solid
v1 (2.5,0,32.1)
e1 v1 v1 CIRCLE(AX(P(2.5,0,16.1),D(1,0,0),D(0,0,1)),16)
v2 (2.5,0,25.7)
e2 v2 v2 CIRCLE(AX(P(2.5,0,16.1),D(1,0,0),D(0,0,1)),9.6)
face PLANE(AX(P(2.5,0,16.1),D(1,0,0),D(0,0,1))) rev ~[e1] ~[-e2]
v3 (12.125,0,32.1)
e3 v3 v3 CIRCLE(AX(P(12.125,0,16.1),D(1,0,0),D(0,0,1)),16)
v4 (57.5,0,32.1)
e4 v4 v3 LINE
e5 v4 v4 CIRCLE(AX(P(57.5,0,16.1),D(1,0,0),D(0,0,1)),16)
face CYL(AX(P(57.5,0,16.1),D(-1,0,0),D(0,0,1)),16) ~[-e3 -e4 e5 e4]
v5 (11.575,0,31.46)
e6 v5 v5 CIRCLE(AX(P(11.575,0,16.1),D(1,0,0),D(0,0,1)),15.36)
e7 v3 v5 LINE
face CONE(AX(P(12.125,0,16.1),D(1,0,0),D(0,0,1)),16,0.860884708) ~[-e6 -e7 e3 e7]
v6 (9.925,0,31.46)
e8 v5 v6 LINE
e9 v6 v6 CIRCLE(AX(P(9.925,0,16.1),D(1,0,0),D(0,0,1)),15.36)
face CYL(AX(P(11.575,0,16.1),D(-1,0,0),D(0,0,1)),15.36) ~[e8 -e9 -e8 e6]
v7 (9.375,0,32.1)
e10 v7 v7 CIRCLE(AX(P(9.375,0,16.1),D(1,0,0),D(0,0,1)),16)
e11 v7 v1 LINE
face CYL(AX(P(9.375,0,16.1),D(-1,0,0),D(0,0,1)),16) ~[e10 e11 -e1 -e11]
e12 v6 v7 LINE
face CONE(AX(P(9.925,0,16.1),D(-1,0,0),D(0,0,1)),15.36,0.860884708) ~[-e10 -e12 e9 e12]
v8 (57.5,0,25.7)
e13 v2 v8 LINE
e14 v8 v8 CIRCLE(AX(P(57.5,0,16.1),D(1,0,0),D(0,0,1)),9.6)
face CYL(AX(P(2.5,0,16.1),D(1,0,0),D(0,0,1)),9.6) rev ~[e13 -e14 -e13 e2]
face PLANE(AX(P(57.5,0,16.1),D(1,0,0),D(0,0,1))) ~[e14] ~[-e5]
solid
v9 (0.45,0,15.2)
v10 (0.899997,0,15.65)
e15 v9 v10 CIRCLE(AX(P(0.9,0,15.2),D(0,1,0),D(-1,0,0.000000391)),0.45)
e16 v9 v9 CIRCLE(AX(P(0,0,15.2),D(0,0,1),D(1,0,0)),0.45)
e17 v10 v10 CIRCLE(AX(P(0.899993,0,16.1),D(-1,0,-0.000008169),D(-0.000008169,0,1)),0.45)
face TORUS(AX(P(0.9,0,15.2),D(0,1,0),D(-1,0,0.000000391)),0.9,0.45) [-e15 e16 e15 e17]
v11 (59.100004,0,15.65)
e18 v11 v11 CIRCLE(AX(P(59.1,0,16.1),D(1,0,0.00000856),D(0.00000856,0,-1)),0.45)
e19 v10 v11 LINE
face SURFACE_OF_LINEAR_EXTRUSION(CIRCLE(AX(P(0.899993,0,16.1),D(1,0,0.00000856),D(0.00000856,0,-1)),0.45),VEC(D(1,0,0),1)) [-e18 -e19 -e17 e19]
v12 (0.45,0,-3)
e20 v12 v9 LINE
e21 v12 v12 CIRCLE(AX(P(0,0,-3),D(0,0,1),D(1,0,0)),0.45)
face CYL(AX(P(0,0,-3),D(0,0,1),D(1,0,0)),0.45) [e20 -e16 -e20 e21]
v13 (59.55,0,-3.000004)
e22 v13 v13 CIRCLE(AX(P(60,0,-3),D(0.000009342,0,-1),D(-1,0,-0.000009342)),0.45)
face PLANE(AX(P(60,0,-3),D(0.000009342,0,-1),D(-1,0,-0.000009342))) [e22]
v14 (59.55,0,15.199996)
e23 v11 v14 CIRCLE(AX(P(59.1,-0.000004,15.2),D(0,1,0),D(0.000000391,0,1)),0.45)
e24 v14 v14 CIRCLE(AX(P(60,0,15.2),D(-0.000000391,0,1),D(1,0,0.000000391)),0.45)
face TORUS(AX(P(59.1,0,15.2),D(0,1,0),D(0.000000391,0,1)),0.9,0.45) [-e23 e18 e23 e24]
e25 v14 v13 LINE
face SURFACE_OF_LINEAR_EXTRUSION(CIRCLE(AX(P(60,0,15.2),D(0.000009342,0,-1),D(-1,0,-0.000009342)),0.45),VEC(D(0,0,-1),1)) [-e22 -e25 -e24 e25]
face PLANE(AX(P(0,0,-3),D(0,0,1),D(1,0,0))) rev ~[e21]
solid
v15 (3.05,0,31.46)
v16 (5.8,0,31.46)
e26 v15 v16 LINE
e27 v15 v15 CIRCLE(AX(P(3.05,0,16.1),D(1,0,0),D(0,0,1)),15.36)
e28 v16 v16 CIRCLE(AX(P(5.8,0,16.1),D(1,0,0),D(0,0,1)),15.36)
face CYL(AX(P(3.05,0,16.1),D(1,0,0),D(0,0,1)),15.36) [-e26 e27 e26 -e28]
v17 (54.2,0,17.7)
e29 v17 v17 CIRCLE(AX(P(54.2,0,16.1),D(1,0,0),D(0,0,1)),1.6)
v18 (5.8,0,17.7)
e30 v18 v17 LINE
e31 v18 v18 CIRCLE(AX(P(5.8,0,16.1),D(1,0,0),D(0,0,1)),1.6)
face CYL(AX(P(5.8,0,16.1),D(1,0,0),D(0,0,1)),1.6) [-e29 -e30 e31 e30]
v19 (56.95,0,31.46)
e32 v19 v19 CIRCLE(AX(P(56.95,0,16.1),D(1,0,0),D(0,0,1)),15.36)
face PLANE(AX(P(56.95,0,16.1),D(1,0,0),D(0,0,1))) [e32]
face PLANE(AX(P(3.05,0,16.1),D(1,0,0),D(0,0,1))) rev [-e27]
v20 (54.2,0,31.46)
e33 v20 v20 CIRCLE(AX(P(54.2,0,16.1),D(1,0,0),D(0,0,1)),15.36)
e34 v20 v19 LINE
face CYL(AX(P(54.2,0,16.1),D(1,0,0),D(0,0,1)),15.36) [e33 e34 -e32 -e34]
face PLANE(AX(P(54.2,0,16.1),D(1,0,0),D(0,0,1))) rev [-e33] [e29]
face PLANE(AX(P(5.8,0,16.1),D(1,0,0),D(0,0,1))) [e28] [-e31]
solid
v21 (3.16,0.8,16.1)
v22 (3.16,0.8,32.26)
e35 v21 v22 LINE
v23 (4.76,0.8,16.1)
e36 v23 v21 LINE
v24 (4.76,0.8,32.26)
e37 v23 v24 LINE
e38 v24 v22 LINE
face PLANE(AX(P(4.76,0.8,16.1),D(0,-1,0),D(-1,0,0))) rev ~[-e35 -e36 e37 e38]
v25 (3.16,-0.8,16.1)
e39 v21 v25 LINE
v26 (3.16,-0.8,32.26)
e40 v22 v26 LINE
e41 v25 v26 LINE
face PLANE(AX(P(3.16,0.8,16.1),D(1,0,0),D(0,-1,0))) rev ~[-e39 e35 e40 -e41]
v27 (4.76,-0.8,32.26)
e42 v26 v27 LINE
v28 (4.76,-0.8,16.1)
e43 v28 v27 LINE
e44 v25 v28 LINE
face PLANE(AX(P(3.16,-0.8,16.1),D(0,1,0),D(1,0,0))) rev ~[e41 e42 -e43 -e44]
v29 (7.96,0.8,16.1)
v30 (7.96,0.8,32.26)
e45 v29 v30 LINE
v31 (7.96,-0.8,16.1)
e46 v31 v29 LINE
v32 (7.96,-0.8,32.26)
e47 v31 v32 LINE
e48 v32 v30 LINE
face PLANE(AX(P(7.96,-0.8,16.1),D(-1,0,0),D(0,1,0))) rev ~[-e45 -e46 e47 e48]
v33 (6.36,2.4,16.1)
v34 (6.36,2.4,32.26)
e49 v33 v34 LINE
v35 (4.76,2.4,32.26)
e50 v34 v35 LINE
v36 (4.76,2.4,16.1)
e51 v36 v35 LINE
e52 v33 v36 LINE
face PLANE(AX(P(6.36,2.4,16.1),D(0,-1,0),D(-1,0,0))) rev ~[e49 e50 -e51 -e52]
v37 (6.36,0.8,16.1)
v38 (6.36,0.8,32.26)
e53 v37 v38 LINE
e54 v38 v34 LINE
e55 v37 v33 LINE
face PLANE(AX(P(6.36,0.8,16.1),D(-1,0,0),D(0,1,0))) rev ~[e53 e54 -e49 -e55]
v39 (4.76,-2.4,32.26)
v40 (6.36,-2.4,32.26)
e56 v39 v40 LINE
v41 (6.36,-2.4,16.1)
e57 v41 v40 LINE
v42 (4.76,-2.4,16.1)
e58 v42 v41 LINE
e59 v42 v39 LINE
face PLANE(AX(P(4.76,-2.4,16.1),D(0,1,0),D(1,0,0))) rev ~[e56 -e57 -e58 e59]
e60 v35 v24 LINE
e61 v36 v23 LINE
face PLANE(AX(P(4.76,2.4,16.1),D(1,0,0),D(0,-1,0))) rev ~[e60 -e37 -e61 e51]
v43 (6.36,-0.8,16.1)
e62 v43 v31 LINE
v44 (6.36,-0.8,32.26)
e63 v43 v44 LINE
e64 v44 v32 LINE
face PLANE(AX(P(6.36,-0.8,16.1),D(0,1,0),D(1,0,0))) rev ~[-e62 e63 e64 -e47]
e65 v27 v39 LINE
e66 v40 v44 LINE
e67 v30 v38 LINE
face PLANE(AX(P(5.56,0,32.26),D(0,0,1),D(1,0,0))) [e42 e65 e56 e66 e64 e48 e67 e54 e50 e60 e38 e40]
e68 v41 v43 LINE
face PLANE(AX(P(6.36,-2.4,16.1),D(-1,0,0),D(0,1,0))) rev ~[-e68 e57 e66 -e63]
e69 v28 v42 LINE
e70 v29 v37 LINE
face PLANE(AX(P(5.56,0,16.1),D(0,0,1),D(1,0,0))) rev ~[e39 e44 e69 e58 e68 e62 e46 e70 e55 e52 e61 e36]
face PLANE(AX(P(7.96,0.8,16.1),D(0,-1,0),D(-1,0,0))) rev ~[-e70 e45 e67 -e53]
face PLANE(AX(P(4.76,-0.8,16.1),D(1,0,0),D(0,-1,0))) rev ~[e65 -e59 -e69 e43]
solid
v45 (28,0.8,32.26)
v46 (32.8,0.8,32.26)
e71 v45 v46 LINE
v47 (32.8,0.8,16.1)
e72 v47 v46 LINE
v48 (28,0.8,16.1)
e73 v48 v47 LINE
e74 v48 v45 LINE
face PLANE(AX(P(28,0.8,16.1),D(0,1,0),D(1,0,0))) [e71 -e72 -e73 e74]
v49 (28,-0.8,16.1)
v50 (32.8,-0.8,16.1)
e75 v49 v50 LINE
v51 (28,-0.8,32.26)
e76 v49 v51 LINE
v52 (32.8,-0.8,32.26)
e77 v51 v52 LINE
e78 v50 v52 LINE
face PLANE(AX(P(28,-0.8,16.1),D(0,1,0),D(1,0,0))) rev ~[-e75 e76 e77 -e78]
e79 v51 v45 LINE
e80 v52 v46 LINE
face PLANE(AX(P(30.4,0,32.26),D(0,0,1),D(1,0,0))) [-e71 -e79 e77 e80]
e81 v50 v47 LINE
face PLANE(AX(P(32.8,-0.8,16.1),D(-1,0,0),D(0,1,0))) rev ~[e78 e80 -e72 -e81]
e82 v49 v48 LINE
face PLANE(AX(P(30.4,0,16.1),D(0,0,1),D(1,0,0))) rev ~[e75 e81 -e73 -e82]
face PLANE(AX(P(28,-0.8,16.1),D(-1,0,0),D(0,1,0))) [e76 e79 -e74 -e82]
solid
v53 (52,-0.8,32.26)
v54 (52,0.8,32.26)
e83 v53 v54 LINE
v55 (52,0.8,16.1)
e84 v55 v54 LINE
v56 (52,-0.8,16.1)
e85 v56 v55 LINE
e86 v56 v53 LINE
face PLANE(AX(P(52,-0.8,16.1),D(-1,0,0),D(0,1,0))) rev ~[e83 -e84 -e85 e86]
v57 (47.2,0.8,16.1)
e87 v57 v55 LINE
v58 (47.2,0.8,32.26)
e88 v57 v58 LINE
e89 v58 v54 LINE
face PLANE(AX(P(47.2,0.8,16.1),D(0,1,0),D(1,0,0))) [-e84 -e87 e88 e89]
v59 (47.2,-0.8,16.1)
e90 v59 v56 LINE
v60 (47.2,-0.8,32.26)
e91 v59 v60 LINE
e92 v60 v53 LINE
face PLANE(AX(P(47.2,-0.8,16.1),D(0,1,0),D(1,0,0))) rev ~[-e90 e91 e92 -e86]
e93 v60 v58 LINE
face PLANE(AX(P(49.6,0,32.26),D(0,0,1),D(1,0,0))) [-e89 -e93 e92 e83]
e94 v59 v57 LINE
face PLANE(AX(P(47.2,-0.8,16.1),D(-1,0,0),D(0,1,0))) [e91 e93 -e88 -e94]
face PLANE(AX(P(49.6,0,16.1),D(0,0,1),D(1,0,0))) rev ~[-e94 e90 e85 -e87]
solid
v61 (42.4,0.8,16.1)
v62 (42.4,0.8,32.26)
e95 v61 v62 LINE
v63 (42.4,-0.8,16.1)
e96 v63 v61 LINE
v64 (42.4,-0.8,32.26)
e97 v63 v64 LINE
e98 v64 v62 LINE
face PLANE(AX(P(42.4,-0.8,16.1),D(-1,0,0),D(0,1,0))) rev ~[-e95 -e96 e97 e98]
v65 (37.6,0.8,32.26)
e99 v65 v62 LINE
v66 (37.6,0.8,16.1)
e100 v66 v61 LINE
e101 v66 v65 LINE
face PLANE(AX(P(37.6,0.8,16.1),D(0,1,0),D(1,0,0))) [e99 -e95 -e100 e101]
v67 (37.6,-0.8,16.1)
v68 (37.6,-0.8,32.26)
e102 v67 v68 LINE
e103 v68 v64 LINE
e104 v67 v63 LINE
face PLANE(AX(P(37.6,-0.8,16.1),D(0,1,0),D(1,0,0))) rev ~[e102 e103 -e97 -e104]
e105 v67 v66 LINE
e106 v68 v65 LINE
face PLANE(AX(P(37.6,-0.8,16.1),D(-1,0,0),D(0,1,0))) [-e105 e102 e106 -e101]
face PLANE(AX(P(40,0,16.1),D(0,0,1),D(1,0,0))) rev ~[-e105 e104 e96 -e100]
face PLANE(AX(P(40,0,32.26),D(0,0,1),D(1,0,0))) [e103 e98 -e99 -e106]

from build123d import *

# Parameters (mm, degrees)
SKETCH_R    = 0.45
SKETCH004_W = 4.8
SKETCH004_H = 1.6
PAD_DEPTH   = 16.16


with BuildPart() as sweep_body:
    # Sweep: sweep along a path in Sketch001
    with BuildLine(Plane.XZ) as sweep_path:
        Line((0, -3), (0, 15.2))
        ThreePointArc((0, 15.2), (0.263601, 15.836393), (0.899993, 16.1))
        Line((0.899993, 16.1), (59.1, 16.1))
        ThreePointArc((59.1, 16.1), (59.736396, 15.836396), (60, 15.2))
        Line((60, 15.2), (60, -3))
    # Sketch → Sweep (sweep)
    with BuildSketch(Plane.XY.offset(-2)):
        Circle(SKETCH_R)
    sweep(path=sweep_path.line)


with BuildPart() as revolution:
    # Sketch002 → Revolution (revolve)
    with BuildSketch(Plane.XZ):
        Polygon((2.5, 32.1), (2.5, 25.7), (57.5, 25.7), (57.5, 32.1), (12.125, 32.1), (11.575, 31.46), (9.925, 31.46), (9.375, 32.1), align=None)
    revolve(axis=Axis((6.97588, 0, 16.1), (1, 0, 0)))


with BuildPart() as revolution001:
    # Sketch003 → Revolution001 (revolve)
    with BuildSketch(Plane.XZ):
        Polygon((3.05, 31.46), (5.8, 31.46), (5.8, 17.7), (54.2, 17.7), (54.2, 31.46), (56.95, 31.46), (56.95, 16.1), (3.05, 16.1), align=None)
    revolve(axis=Axis((6.97588, 0, 16.1), (1, 0, 0)))


with BuildPart() as pad:
    # Sketch004 → Pad (new body)
    with BuildSketch(Plane.XY.offset(16.1)):
        with Locations((49.6, 0)):
            Rectangle(SKETCH004_W, SKETCH004_H)
        with Locations((40, 0)):
            Rectangle(SKETCH004_W, SKETCH004_H)
        with Locations((30.4, 0)):
            Rectangle(SKETCH004_W, SKETCH004_H)
        Polygon((4.76, 0.8), (3.16, 0.8), (3.16, -0.8), (4.76, -0.8), (4.76, -2.4), (6.36, -2.4), (6.36, -0.8), (7.96, -0.8), (7.96, 0.8), (6.36, 0.8), (6.36, 2.4), (4.76, 2.4), align=None)
    extrude(amount=PAD_DEPTH)


solid = Compound([sweep_body.part, revolution.part, revolution001.part, pad.part])
